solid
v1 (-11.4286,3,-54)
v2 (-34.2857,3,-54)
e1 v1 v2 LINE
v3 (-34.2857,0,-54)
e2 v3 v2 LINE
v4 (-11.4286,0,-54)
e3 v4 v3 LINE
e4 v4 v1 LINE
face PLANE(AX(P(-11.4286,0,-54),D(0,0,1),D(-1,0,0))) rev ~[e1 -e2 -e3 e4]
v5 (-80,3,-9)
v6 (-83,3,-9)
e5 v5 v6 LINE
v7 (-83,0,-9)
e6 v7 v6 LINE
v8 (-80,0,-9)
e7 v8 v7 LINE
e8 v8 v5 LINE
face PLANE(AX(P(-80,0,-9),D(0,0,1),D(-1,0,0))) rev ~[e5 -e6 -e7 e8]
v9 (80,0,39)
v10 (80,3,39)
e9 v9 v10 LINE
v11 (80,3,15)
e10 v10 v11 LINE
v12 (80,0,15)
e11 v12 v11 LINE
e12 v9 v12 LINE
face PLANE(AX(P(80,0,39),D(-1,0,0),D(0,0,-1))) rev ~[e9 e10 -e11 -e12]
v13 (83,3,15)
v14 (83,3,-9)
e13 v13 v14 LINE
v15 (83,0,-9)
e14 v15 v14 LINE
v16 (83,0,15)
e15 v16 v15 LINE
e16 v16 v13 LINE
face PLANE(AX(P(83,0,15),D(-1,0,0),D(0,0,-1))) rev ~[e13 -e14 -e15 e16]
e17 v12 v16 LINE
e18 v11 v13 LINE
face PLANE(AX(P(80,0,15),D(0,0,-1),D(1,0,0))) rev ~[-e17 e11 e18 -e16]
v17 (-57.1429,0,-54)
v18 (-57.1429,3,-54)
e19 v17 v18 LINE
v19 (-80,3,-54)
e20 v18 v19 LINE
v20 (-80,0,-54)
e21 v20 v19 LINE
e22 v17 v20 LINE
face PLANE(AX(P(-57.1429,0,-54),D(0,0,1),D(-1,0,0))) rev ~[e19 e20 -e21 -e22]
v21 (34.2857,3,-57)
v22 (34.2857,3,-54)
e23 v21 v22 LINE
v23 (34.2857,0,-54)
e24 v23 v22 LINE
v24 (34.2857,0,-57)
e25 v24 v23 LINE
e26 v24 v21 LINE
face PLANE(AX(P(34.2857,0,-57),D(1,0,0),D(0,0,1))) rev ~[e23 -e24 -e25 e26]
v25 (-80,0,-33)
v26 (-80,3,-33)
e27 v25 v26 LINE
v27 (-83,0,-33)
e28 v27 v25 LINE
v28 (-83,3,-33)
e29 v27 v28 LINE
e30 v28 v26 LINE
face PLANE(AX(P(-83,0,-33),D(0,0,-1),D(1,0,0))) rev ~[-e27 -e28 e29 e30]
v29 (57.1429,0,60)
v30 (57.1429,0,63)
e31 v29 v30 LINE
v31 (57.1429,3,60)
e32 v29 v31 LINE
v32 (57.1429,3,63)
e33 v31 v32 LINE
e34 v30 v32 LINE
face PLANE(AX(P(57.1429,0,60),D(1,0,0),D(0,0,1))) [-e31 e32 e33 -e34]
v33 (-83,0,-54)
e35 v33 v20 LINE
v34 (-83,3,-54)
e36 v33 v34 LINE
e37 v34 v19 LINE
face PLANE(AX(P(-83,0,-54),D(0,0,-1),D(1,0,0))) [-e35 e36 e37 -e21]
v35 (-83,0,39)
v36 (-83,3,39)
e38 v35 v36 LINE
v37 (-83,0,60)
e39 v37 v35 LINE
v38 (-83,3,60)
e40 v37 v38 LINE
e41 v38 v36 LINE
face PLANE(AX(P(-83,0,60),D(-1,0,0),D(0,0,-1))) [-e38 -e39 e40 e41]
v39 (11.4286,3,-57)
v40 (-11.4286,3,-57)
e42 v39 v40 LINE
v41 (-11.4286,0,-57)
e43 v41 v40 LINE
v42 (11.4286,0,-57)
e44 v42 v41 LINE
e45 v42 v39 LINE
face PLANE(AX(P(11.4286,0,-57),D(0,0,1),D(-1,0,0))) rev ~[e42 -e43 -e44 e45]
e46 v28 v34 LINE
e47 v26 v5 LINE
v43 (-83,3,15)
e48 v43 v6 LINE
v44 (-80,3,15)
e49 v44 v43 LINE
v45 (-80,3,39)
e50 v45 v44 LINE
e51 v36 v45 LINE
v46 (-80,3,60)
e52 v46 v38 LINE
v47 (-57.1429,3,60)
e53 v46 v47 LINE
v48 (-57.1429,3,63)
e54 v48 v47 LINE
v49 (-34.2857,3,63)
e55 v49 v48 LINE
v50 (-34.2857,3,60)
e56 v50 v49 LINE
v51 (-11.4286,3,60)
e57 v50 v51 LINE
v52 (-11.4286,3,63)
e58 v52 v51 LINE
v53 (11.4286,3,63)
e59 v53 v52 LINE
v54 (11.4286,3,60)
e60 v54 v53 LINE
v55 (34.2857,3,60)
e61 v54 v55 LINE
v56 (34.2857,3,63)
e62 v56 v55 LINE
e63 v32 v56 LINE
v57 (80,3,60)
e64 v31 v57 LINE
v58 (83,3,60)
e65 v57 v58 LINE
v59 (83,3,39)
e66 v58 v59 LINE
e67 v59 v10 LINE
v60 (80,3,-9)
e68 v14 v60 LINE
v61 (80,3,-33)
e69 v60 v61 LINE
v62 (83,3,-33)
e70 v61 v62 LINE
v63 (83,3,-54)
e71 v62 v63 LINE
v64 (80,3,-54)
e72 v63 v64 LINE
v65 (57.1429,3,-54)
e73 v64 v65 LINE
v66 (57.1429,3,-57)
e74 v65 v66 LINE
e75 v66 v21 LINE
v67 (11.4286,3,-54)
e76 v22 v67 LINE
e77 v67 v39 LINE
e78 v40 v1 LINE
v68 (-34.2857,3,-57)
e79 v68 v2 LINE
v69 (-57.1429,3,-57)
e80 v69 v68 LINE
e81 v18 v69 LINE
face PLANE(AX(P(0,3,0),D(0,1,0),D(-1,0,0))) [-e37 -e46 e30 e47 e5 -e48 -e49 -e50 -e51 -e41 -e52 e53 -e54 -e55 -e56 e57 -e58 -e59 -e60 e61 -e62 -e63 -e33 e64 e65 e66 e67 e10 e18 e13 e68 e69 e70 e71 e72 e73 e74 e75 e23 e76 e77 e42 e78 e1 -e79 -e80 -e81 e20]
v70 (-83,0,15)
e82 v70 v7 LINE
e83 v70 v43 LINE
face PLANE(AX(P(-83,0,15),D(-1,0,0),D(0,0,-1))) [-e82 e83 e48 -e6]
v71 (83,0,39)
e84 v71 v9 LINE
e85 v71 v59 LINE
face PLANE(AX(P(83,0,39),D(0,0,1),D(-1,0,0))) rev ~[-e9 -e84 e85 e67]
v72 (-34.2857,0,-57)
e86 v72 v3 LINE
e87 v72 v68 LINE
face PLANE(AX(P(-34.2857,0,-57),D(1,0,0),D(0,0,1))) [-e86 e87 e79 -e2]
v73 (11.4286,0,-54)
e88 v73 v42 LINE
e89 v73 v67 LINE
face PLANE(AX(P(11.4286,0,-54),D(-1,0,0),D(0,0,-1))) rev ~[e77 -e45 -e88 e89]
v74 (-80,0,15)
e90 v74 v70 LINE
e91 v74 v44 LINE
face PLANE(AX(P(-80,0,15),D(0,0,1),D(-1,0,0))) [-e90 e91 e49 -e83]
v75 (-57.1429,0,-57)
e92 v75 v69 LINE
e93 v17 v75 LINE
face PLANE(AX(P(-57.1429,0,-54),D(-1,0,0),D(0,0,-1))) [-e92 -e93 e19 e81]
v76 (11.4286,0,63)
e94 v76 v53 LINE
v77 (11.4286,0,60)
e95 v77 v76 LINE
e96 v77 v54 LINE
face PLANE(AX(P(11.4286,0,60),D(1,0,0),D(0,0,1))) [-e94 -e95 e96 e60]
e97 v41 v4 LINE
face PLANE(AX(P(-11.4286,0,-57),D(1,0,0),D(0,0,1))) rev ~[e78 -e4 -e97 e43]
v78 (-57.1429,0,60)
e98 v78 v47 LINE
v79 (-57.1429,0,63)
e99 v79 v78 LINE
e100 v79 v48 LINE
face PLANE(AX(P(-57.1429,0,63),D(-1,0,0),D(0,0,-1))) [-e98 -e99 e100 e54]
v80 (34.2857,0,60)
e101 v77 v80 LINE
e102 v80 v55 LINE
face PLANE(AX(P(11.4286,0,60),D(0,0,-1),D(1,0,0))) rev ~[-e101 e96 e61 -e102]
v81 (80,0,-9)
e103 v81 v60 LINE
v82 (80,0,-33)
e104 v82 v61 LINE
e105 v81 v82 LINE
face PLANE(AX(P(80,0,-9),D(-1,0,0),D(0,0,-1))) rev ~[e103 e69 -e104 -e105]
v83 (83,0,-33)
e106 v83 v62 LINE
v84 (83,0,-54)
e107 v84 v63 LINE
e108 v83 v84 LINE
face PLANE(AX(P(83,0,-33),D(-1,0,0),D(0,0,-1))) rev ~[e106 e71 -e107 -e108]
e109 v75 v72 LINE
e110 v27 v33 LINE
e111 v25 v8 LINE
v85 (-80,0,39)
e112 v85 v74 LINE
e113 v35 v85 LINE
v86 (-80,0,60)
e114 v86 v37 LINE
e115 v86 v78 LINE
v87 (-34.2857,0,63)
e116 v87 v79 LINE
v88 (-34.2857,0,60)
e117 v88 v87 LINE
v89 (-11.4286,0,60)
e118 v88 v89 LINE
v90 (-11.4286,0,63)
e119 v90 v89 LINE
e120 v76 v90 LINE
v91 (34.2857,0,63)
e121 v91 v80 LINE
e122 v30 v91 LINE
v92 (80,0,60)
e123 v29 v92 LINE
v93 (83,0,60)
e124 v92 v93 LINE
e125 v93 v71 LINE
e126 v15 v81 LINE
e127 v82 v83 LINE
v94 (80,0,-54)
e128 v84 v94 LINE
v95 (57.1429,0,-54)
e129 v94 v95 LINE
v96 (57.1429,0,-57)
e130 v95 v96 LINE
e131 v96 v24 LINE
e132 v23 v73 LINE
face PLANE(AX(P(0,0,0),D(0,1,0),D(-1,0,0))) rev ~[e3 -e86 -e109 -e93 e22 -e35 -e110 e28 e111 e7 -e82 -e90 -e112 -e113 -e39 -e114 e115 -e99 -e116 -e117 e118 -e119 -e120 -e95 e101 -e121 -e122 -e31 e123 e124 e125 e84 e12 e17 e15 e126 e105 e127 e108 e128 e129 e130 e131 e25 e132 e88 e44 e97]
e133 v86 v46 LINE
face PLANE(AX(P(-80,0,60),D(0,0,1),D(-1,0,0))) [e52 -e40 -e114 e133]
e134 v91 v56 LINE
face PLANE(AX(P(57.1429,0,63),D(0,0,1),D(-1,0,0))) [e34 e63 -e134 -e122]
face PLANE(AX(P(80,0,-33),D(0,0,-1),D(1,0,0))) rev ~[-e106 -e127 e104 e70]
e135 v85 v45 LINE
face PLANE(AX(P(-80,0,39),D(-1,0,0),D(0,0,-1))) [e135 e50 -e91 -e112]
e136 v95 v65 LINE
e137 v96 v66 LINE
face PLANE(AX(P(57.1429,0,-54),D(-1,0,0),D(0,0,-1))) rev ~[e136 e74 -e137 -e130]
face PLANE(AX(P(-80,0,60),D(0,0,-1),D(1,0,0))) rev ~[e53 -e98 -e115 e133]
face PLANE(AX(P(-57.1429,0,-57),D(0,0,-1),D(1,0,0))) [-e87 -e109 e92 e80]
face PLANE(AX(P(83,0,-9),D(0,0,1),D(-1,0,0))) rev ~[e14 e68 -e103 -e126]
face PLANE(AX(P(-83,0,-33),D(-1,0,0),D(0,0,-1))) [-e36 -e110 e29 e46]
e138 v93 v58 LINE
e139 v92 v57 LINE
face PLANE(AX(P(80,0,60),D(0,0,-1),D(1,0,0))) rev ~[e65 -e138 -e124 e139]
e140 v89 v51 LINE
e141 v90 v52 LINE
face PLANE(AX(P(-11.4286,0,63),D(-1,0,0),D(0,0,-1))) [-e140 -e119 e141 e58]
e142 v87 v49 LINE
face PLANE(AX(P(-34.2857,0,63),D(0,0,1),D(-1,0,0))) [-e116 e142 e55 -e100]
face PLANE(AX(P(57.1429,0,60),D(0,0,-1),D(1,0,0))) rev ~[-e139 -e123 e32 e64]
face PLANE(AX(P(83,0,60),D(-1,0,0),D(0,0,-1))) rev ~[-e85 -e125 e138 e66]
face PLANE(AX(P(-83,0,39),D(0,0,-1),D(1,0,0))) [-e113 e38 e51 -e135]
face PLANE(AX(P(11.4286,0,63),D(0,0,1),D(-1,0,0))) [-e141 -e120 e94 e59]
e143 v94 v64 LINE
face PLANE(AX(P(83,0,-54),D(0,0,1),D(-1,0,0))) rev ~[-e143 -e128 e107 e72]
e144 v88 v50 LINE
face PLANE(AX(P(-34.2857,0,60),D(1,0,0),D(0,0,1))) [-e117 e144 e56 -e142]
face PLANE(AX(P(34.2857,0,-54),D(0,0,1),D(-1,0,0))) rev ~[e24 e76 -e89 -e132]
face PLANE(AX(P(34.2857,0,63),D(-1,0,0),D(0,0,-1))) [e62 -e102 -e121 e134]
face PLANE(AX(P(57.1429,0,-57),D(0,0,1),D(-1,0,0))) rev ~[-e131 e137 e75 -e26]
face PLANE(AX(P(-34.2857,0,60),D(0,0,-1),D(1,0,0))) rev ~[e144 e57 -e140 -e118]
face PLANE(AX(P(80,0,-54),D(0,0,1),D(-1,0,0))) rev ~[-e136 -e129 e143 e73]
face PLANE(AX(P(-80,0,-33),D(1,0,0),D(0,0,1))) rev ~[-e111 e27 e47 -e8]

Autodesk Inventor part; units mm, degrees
ref_plane "YZ Plane" through (0, 0, 0) normal (1, 0, 0) x (0, 1, 0)
ref_plane "XZ Plane" through (0, 0, 0) normal (0, 1, 0) x (-1, 0, 0)
ref_plane "XY Plane" through (0, 0, 0) normal (0, 0, 1) x (1, 0, 0)
sketch "Sketch1" plane through (0, 0, 0) normal (0, 1, 0) x (-1, 0, 0)
  line L0 (-11.4286, -54) -> (-11.4286, -57)
  line L1 (-11.4286, -57) -> (11.4286, -57)
  line L2 (11.4286, -57) -> (11.4286, -54)
  line L3 (-57.1429, -54) -> (-57.1429, -57)
  line L4 (-57.1429, -57) -> (-34.2857, -57)
  line L5 (-34.2857, -57) -> (-34.2857, -54)
  line L6 (57.1429, -54) -> (57.1429, -57)
  line L7 (57.1429, -57) -> (34.2857, -57)
  line L8 (34.2857, -57) -> (34.2857, -54)
  line L9 (34.2857, 60) -> (34.2857, 63)
  line L10 (34.2857, 63) -> (57.1429, 63)
  line L11 (57.1429, 63) -> (57.1429, 60)
  line L12 (-11.4286, 60) -> (-11.4286, 63)
  line L13 (-11.4286, 63) -> (11.4286, 63)
  line L14 (11.4286, 63) -> (11.4286, 60)
  line L15 (-57.1429, 60) -> (-57.1429, 63)
  line L16 (-57.1429, 63) -> (-34.2857, 63)
  line L17 (-34.2857, 63) -> (-34.2857, 60)
  line L18 (80, 60) -> (83, 60)
  line L19 (83, -54) -> (80, -54)
  line L20 (-80, 60) -> (-83, 60)
  line L21 (-83, -54) -> (-80, -54)
  line L22 (80, -54) -> (80, -54)
  line L23 (80, 60) -> (80, 60)
  line L24 (57.1429, -54) -> (80, -54)
  line L25 (11.4286, -54) -> (34.2857, -54)
  line L26 (-80, -54) -> (-57.1429, -54)
  line L27 (-34.2857, -54) -> (-11.4286, -54)
  line L28 (-80, 60) -> (-80, 60)
  line L29 (-80, -54) -> (-80, -54)
  line L30 (-57.1429, 60) -> (-80, 60)
  line L31 (-11.4286, 60) -> (-34.2857, 60)
  line L32 (80, 60) -> (57.1429, 60)
  line L33 (34.2857, 60) -> (11.4286, 60)
  line L34 (83, -33) -> (80, -33)
  line L35 (80, -33) -> (80, -9)
  line L36 (80, -9) -> (83, -9)
  line L37 (83, 39) -> (80, 39)
  line L38 (80, 39) -> (80, 15)
  line L39 (80, 15) -> (83, 15)
  line L40 (-83, 39) -> (-80, 39)
  line L41 (-80, 39) -> (-80, 15)
  line L42 (-80, 15) -> (-83, 15)
  line L43 (-83, -9) -> (-80, -9)
  line L44 (-80, -9) -> (-80, -33)
  line L45 (-80, -33) -> (-83, -33)
  line L46 (83, -33) -> (83, -54)
  line L47 (83, 60) -> (83, 39)
  line L48 (83, 15) -> (83, -9)
  line L49 (-83, 60) -> (-83, 39)
  line L50 (-83, 15) -> (-83, -9)
  line L51 (-83, -33) -> (-83, -54)
  point P0 (0, 0)
  dimension "d40" = 160
  dimension "d47" = 22.8571
  dimension "d48" = 22.8571
  dimension "d49" = 3
  dimension "d50" = 3
  dimension "d51" = 3
  dimension "d52" = 3
  dimension "d53" = 3
  dimension "d54" = 3
  dimension "d55" = 80
  dimension "d56" = 60
  dimension "d57" = 114
  dimension "d58" = 0
  dimension "d59" = 0
  dimension "d61" = 24
  dimension "d62" = 24
  dimension "d63" = 24
  dimension "d64" = 3
extrude "Extrusion1" add sketch "Sketch1" along normal blind 3
equation "\"d40\" = shelfW"
equation "\"d47\" = 0.142857 * shelfW + 2 * tol"
equation "\"d48\" = 0.142857 * shelfW - 2 * tol"
equation "\"d49\" = tt"
equation "\"d50\" = tt"
equation "\"d51\" = tt"
equation "\"d52\" = tt"
equation "\"d53\" = tt"
equation "\"d54\" = tt"
equation "\"d55\" = 0.5 * shelfW"
equation "\"d56\" = 0.5 * ht"
equation "\"d57\" = -2 * tt + ht"
equation "\"d61\" = 0.2 * ht - tol"
equation "\"d62\" = 0.2 * ht + 2 * tol"
equation "\"d63\" = 0.2 * ht - 2 * tol"
equation "\"d64\" = tt"
equation "\"d31\" = tt"
equation "\"d4\" = tt"
equation "\"tt\" = 3"
equation "\"tol\" = 0"
equation "\"tiroir\" = 1"
equation "\"nHoles\" = 4"
equation "\"shelfW\" = 160"
equation "\"shelfH\" = 35"
equation "\"d43\" = 0.5 * shelfH"
equation "\"ht\" = 120"
properties part number "base"
